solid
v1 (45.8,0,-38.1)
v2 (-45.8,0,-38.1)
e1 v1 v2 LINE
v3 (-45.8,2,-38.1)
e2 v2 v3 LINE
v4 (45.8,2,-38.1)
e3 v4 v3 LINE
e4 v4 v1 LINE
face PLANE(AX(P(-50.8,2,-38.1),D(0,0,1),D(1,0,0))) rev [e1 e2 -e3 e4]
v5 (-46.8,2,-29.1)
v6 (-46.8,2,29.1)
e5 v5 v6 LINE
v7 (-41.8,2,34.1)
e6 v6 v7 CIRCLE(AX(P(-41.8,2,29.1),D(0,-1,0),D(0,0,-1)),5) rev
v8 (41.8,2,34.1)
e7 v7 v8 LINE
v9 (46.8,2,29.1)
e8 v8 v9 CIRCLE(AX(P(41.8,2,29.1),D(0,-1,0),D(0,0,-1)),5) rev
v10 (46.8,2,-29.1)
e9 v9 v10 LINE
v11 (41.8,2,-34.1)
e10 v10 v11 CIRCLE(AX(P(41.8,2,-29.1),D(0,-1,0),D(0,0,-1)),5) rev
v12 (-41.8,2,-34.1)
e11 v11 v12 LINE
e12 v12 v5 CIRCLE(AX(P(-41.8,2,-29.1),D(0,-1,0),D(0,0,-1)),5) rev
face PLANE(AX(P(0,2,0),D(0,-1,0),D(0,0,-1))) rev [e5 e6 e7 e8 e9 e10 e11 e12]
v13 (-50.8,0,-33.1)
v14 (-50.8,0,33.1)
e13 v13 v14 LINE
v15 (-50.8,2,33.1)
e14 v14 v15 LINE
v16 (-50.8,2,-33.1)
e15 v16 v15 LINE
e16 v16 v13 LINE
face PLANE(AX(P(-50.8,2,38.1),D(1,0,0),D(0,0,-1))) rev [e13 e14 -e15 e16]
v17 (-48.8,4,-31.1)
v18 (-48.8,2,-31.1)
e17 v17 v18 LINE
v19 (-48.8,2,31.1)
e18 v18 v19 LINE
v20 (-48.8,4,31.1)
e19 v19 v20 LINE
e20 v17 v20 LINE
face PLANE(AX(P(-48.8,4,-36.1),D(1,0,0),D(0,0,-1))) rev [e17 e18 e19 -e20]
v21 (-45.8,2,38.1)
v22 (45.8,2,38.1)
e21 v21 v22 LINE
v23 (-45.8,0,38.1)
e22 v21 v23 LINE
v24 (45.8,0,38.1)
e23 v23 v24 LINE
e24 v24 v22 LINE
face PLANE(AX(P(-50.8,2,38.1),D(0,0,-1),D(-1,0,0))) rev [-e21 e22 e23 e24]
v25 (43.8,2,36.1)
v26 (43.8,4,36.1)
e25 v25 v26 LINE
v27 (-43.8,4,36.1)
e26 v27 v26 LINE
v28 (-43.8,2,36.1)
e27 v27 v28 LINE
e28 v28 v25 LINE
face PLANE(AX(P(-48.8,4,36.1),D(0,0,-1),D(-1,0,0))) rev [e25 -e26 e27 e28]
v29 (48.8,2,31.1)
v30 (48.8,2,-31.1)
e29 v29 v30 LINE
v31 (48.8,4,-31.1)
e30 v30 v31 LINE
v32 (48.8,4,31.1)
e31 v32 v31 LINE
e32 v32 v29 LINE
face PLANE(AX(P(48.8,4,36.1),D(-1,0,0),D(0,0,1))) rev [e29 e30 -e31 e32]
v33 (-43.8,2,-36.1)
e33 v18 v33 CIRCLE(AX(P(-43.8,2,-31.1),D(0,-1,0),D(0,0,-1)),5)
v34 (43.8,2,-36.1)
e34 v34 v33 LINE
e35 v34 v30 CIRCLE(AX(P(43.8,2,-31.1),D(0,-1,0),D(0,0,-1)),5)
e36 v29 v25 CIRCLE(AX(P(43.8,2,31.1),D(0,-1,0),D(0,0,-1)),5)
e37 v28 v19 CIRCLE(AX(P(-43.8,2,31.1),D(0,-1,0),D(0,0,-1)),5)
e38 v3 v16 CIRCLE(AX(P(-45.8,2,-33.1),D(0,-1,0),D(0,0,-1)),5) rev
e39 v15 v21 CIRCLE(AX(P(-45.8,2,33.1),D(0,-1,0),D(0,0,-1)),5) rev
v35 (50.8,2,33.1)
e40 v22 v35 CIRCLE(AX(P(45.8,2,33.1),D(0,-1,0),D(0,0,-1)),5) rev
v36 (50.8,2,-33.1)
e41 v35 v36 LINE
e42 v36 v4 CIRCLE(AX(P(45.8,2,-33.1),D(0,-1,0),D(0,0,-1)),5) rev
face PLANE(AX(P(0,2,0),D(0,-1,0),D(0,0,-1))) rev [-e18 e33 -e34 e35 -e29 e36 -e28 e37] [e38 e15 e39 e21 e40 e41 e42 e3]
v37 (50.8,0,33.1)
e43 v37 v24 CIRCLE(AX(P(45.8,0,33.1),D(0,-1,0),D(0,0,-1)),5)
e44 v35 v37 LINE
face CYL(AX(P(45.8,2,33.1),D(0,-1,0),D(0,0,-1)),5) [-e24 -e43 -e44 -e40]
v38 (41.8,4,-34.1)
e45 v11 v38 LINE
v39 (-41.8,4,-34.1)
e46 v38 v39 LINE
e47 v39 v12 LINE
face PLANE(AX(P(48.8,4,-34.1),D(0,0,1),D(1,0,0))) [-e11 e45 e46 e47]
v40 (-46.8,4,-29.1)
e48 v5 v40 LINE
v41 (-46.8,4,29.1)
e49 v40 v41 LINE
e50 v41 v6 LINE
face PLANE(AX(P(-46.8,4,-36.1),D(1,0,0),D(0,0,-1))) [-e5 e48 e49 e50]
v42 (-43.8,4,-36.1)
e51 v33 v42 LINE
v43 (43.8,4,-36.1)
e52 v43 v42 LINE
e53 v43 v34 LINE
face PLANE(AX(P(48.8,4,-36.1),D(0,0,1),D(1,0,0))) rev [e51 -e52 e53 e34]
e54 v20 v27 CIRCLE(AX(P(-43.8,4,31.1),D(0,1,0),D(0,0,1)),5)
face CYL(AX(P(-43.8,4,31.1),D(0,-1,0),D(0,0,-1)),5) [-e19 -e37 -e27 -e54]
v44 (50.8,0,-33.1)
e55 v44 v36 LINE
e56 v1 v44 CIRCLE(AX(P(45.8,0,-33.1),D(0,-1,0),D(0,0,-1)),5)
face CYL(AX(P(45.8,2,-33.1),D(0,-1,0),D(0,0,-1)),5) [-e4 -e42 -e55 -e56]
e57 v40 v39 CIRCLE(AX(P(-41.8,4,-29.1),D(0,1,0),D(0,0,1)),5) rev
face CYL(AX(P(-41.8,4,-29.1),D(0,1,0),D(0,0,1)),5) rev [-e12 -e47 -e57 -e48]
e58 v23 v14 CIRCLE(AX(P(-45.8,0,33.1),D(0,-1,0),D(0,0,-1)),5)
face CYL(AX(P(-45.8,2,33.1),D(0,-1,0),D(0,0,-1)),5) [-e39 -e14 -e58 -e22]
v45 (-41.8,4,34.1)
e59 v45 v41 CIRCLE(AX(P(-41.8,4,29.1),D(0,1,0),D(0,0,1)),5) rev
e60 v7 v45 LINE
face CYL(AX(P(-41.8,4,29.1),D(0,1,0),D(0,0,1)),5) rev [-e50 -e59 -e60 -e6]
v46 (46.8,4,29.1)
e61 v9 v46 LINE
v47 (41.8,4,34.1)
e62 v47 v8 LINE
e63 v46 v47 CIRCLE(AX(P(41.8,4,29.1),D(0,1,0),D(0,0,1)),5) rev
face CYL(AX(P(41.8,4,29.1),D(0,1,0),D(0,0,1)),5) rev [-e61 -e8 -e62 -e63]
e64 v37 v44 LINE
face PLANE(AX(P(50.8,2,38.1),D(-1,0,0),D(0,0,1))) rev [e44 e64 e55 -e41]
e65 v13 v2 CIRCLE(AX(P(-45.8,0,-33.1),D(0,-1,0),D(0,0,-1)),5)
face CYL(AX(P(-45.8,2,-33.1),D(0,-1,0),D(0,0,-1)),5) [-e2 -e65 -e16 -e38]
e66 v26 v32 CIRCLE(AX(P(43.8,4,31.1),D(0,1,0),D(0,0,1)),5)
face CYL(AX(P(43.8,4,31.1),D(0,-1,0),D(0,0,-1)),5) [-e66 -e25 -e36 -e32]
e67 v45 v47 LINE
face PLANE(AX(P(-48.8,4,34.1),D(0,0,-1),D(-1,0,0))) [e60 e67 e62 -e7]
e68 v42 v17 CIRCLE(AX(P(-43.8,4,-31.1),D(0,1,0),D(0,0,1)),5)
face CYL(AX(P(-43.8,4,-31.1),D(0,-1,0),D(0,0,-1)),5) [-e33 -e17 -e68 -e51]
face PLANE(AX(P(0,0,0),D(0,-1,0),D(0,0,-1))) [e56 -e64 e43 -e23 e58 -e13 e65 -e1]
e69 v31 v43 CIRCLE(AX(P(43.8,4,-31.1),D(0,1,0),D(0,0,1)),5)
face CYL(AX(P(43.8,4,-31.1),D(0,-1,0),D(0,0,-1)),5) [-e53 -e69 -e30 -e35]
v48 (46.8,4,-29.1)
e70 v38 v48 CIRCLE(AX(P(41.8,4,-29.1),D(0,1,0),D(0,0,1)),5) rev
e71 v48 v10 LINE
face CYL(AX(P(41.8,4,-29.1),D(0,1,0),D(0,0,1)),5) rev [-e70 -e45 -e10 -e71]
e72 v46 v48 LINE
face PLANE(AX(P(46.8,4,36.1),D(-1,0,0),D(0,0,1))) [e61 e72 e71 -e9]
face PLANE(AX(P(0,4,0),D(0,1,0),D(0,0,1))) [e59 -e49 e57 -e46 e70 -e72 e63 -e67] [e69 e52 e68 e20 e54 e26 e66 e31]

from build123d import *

# Parameters (mm, degrees)
SKETCH1_W           = 101.6
SKETCH1_H           = 76.2
BOSS_EXTRUDE1_DEPTH = 2
SKETCH2_W           = 97.6
SKETCH2_H           = 72.2
SKETCH2_W_2         = 93.6
SKETCH2_H_2         = 68.2
EXTRUDE_THIN1_DEPTH = 2
FILLET1_R           = 5
FILLET2_R           = 5


with BuildPart() as part:
    # Sketch1 → Boss-Extrude1 (new body)
    with BuildSketch(Plane(origin=(0, 0, 0), x_dir=(1, 0, 0), z_dir=(0, 1, 0))):
        Rectangle(SKETCH1_W, SKETCH1_H)
    extrude(amount=BOSS_EXTRUDE1_DEPTH)

    # Sketch2 → Extrude-Thin1 (add)
    with BuildSketch(Plane(origin=(0, 2, 0), x_dir=(1, 0, 0), z_dir=(0, 1, 0))):
        Rectangle(SKETCH2_W, SKETCH2_H)
        Rectangle(SKETCH2_W_2, SKETCH2_H_2, mode=Mode.SUBTRACT)
    extrude(amount=EXTRUDE_THIN1_DEPTH)

    # Fillet1
    fillet1_edges = [part.edges().sort_by_distance(p)[0] for p in [
        (50.8, 1, 38.1),
        (-50.8, 1, 38.1),
        (-50.8, 1, -38.1),
        (50.8, 1, -38.1),
    ]]
    fillet(fillet1_edges, radius=FILLET1_R)

    # Fillet2
    fillet2_edges = [part.edges().sort_by_distance(p)[0] for p in [
        (48.8, 3, -36.1),
        (-48.8, 3, -36.1),
        (-48.8, 3, 36.1),
        (48.8, 3, 36.1),
        (-46.8, 3, -34.1),
        (-46.8, 3, 34.1),
        (46.8, 3, 34.1),
        (46.8, 3, -34.1),
    ]]
    fillet(fillet2_edges, radius=FILLET2_R)


solid = part.part
